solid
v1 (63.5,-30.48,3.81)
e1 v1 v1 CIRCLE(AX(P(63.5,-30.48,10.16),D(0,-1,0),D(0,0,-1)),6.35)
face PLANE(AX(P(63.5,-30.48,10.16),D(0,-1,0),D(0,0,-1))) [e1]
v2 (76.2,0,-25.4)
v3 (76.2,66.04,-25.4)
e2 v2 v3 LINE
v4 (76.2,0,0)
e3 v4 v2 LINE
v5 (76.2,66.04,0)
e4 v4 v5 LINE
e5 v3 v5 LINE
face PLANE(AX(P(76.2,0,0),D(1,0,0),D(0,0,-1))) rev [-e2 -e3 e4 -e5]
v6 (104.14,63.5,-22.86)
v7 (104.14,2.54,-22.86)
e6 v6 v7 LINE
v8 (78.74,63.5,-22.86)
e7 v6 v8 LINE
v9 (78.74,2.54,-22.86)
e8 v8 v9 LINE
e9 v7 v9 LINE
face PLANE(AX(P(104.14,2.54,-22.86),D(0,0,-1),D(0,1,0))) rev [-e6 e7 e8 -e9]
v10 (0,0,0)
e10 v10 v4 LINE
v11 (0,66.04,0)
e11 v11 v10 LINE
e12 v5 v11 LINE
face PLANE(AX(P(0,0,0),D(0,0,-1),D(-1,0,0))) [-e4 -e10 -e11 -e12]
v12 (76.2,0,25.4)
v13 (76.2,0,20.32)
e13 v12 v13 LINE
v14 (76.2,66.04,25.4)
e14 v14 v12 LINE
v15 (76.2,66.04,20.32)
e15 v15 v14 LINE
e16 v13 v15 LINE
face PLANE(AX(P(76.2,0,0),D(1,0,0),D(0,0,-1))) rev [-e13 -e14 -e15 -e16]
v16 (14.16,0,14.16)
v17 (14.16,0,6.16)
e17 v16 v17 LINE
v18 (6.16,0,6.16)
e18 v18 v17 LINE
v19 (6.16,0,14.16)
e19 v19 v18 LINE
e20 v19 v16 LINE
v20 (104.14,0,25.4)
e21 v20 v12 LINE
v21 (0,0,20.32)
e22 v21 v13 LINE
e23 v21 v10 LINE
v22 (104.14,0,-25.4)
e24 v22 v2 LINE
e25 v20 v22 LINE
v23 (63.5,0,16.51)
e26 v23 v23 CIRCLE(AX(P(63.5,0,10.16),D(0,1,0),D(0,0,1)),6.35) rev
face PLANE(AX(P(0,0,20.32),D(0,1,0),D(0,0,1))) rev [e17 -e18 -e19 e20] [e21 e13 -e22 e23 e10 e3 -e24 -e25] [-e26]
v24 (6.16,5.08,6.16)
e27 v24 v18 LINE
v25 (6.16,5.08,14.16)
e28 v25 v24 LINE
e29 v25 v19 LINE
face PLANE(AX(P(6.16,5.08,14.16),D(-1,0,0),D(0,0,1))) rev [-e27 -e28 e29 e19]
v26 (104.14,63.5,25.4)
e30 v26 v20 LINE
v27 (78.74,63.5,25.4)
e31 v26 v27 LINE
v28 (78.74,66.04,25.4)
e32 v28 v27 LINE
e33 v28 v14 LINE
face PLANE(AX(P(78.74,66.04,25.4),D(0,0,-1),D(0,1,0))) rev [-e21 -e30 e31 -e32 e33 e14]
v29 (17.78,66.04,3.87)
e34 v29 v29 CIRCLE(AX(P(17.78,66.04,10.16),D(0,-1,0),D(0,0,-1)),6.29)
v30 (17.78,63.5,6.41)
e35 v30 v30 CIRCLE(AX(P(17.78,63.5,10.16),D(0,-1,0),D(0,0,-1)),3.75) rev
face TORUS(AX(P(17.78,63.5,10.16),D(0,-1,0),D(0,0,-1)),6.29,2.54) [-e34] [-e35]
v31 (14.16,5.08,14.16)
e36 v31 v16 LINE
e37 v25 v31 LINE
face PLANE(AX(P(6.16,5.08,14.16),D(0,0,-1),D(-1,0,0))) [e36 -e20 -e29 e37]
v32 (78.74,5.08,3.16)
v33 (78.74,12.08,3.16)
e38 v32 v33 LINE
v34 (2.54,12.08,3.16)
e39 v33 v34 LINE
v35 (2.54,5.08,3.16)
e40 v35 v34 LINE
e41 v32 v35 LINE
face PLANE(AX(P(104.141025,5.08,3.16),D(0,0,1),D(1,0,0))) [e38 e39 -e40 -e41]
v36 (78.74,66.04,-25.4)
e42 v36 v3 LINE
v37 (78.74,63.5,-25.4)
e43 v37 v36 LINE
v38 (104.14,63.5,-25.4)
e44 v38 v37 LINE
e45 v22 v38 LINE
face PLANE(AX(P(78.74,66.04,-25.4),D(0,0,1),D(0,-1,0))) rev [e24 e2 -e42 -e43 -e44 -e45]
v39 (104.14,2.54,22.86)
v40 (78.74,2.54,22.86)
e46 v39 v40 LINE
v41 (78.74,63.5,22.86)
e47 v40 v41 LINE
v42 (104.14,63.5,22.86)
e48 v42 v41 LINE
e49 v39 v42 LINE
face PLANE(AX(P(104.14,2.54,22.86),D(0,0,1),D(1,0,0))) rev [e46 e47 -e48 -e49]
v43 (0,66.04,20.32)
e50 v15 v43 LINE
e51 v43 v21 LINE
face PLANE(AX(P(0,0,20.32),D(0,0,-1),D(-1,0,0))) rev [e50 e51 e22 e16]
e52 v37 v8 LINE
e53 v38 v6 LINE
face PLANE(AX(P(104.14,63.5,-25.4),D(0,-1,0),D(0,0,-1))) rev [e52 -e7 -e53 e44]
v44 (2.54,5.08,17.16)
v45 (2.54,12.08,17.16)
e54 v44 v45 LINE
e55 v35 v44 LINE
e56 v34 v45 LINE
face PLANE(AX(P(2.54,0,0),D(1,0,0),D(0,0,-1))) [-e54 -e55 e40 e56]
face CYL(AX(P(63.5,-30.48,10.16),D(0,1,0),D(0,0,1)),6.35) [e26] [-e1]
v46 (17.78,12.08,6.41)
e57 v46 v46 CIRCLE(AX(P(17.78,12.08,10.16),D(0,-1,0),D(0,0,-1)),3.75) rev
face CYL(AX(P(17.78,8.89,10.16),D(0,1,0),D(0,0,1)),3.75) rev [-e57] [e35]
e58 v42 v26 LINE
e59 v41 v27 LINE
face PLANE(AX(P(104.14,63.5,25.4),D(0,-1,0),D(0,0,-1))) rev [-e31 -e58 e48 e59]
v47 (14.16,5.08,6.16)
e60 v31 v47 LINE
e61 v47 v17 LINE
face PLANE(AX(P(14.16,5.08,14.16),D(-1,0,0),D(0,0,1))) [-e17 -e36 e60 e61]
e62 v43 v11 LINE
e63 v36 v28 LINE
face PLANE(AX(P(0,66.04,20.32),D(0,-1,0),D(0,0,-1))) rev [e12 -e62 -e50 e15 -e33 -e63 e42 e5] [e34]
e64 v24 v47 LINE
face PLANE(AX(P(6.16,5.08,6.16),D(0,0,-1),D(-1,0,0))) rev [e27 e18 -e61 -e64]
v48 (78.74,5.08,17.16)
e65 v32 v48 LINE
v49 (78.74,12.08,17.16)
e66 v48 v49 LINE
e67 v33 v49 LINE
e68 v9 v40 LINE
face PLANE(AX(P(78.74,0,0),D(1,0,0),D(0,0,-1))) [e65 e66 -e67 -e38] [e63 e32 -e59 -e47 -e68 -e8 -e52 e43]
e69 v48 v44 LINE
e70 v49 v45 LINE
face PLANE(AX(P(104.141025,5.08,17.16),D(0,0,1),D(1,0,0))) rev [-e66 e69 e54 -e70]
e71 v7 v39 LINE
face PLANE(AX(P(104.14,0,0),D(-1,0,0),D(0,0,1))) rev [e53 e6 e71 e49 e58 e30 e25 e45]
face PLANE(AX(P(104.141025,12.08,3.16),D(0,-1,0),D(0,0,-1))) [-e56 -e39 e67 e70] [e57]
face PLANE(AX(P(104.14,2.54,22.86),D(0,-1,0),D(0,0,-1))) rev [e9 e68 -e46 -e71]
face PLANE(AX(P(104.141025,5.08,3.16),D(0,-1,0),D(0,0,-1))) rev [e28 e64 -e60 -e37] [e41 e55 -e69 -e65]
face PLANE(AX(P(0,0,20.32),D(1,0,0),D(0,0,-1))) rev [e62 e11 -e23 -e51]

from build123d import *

# Parameters (mm, degrees)
SKETCH1_W                      = 76.2
SKETCH1_H                      = 66.04
BOSS_EXTRUDE1_DEPTH            = 20.32
SKETCH2_R                      = 3.749999993
CUT_EXTRUDE1_DEPTH             = 57.15
SKETCH4_W                      = 8
SKETCH4_H                      = 8
CUT_EXTRUDE4_DEPTH             = 5.08
FILLET2_R                      = 2.54
SKETCH5_W                      = 50.8
SKETCH5_H                      = 66.04
BOSS_EXTRUDE2_DEPTH            = 2.54
BOSS_EXTRUDE3_DEPTH            = 25.4
SKETCH3_W                      = 14
SKETCH3_H                      = 7
CUT_EXTRUDE5_DEPTH             = 73.66
CUT_EXTRUDE5_DIRECTION_2_REACH = 29.94
SKETCH7_R                      = 6.35
BOSS_EXTRUDE4_DEPTH            = 30.48


with BuildPart() as part:
    # Sketch1 → Boss-Extrude1 (new body)
    with BuildSketch(Plane.XY):
        with Locations((38.1, 33.02)):
            Rectangle(SKETCH1_W, SKETCH1_H)
    extrude(amount=BOSS_EXTRUDE1_DEPTH)

    # Sketch2 → Cut-Extrude1 (cut)
    with BuildSketch(Plane(origin=(0, 66.04, 0), x_dir=(1, 0, 0), z_dir=(0, 1, 0))):
        with Locations(Location((17.78, -10.16, 0), (0, 0, 270))):  # turned: the seam where the file's is
            Circle(SKETCH2_R)
    extrude(amount=-CUT_EXTRUDE1_DEPTH, mode=Mode.SUBTRACT)

    # Sketch4 → Cut-Extrude4 (cut)
    with BuildSketch(Plane(origin=(0, 0, 0), x_dir=(-1, 0, 0), z_dir=(0, -1, 0))):
        with Locations((-10.16, -10.16)):
            Rectangle(SKETCH4_W, SKETCH4_H)
    extrude(amount=-CUT_EXTRUDE4_DEPTH, mode=Mode.SUBTRACT)

    # Fillet2
    fillet2_edges = [part.edges().sort_by_distance(p)[0] for p in [
        (17.78, 66.04, 6.410000007),
    ]]
    fillet(fillet2_edges, radius=FILLET2_R)

    # Sketch5 → Boss-Extrude2 (add)
    with BuildSketch(Plane(origin=(76.2, 0, 0), x_dir=(0, 0, -1), z_dir=(1, 0, 0))):
        with Locations((0, 33.02)):
            Rectangle(SKETCH5_W, SKETCH5_H)
    extrude(amount=BOSS_EXTRUDE2_DEPTH)

    # Sketch6 → Boss-Extrude3 (add)
    with BuildSketch(Plane(origin=(78.74, 0, 0), x_dir=(0, 0, -1), z_dir=(1, 0, 0))):
        Polygon((-25.4, 0), (-19.631407878, 0), (15.24, 0), (25.4, 0), (25.4, 63.5), (22.86, 63.5), (22.86, 2.54), (-22.86, 2.54), (-22.86, 63.5), (-25.4, 63.5), align=None)
    extrude(amount=BOSS_EXTRUDE3_DEPTH)

    # Sketch3 → Cut-Extrude5 (cut)
    with BuildSketch(Plane(origin=(76.2, 0, 0), x_dir=(0, 0, -1), z_dir=(1, 0, 0))):
        with Locations((-10.16, 8.58)):
            Rectangle(SKETCH3_W, SKETCH3_H)
    extrude(amount=-CUT_EXTRUDE5_DEPTH, mode=Mode.SUBTRACT)

    # Sketch3 → Cut-Extrude5 direction 2 (cut, up to next)
    with BuildSketch(Plane(origin=(76.2, 0, 0), x_dir=(0, 0, -1), z_dir=(1, 0, 0)), mode=Mode.PRIVATE) as cut_extrude5_direction_2_sk1:
        with Locations((-10.16, 8.58)):
            Rectangle(SKETCH3_W, SKETCH3_H)
    cut_extrude5_direction_2_tool1 = extrude(cut_extrude5_direction_2_sk1.sketch, amount=CUT_EXTRUDE5_DIRECTION_2_REACH, mode=Mode.PRIVATE) & part.part
    add(cut_extrude5_direction_2_tool1.solids().sort_by_distance((76.2, 8.58, 10.16))[0], mode=Mode.SUBTRACT)

    # Sketch7 → Boss-Extrude4 (add)
    with BuildSketch(Plane(origin=(0, 0, 0), x_dir=(-1, 0, 0), z_dir=(0, -1, 0))):
        with Locations(Location((-63.5, -10.16, 0), (0, 0, 270))):  # turned: the seam where the file's is
            Circle(SKETCH7_R)
    extrude(amount=BOSS_EXTRUDE4_DEPTH)


solid = part.part
